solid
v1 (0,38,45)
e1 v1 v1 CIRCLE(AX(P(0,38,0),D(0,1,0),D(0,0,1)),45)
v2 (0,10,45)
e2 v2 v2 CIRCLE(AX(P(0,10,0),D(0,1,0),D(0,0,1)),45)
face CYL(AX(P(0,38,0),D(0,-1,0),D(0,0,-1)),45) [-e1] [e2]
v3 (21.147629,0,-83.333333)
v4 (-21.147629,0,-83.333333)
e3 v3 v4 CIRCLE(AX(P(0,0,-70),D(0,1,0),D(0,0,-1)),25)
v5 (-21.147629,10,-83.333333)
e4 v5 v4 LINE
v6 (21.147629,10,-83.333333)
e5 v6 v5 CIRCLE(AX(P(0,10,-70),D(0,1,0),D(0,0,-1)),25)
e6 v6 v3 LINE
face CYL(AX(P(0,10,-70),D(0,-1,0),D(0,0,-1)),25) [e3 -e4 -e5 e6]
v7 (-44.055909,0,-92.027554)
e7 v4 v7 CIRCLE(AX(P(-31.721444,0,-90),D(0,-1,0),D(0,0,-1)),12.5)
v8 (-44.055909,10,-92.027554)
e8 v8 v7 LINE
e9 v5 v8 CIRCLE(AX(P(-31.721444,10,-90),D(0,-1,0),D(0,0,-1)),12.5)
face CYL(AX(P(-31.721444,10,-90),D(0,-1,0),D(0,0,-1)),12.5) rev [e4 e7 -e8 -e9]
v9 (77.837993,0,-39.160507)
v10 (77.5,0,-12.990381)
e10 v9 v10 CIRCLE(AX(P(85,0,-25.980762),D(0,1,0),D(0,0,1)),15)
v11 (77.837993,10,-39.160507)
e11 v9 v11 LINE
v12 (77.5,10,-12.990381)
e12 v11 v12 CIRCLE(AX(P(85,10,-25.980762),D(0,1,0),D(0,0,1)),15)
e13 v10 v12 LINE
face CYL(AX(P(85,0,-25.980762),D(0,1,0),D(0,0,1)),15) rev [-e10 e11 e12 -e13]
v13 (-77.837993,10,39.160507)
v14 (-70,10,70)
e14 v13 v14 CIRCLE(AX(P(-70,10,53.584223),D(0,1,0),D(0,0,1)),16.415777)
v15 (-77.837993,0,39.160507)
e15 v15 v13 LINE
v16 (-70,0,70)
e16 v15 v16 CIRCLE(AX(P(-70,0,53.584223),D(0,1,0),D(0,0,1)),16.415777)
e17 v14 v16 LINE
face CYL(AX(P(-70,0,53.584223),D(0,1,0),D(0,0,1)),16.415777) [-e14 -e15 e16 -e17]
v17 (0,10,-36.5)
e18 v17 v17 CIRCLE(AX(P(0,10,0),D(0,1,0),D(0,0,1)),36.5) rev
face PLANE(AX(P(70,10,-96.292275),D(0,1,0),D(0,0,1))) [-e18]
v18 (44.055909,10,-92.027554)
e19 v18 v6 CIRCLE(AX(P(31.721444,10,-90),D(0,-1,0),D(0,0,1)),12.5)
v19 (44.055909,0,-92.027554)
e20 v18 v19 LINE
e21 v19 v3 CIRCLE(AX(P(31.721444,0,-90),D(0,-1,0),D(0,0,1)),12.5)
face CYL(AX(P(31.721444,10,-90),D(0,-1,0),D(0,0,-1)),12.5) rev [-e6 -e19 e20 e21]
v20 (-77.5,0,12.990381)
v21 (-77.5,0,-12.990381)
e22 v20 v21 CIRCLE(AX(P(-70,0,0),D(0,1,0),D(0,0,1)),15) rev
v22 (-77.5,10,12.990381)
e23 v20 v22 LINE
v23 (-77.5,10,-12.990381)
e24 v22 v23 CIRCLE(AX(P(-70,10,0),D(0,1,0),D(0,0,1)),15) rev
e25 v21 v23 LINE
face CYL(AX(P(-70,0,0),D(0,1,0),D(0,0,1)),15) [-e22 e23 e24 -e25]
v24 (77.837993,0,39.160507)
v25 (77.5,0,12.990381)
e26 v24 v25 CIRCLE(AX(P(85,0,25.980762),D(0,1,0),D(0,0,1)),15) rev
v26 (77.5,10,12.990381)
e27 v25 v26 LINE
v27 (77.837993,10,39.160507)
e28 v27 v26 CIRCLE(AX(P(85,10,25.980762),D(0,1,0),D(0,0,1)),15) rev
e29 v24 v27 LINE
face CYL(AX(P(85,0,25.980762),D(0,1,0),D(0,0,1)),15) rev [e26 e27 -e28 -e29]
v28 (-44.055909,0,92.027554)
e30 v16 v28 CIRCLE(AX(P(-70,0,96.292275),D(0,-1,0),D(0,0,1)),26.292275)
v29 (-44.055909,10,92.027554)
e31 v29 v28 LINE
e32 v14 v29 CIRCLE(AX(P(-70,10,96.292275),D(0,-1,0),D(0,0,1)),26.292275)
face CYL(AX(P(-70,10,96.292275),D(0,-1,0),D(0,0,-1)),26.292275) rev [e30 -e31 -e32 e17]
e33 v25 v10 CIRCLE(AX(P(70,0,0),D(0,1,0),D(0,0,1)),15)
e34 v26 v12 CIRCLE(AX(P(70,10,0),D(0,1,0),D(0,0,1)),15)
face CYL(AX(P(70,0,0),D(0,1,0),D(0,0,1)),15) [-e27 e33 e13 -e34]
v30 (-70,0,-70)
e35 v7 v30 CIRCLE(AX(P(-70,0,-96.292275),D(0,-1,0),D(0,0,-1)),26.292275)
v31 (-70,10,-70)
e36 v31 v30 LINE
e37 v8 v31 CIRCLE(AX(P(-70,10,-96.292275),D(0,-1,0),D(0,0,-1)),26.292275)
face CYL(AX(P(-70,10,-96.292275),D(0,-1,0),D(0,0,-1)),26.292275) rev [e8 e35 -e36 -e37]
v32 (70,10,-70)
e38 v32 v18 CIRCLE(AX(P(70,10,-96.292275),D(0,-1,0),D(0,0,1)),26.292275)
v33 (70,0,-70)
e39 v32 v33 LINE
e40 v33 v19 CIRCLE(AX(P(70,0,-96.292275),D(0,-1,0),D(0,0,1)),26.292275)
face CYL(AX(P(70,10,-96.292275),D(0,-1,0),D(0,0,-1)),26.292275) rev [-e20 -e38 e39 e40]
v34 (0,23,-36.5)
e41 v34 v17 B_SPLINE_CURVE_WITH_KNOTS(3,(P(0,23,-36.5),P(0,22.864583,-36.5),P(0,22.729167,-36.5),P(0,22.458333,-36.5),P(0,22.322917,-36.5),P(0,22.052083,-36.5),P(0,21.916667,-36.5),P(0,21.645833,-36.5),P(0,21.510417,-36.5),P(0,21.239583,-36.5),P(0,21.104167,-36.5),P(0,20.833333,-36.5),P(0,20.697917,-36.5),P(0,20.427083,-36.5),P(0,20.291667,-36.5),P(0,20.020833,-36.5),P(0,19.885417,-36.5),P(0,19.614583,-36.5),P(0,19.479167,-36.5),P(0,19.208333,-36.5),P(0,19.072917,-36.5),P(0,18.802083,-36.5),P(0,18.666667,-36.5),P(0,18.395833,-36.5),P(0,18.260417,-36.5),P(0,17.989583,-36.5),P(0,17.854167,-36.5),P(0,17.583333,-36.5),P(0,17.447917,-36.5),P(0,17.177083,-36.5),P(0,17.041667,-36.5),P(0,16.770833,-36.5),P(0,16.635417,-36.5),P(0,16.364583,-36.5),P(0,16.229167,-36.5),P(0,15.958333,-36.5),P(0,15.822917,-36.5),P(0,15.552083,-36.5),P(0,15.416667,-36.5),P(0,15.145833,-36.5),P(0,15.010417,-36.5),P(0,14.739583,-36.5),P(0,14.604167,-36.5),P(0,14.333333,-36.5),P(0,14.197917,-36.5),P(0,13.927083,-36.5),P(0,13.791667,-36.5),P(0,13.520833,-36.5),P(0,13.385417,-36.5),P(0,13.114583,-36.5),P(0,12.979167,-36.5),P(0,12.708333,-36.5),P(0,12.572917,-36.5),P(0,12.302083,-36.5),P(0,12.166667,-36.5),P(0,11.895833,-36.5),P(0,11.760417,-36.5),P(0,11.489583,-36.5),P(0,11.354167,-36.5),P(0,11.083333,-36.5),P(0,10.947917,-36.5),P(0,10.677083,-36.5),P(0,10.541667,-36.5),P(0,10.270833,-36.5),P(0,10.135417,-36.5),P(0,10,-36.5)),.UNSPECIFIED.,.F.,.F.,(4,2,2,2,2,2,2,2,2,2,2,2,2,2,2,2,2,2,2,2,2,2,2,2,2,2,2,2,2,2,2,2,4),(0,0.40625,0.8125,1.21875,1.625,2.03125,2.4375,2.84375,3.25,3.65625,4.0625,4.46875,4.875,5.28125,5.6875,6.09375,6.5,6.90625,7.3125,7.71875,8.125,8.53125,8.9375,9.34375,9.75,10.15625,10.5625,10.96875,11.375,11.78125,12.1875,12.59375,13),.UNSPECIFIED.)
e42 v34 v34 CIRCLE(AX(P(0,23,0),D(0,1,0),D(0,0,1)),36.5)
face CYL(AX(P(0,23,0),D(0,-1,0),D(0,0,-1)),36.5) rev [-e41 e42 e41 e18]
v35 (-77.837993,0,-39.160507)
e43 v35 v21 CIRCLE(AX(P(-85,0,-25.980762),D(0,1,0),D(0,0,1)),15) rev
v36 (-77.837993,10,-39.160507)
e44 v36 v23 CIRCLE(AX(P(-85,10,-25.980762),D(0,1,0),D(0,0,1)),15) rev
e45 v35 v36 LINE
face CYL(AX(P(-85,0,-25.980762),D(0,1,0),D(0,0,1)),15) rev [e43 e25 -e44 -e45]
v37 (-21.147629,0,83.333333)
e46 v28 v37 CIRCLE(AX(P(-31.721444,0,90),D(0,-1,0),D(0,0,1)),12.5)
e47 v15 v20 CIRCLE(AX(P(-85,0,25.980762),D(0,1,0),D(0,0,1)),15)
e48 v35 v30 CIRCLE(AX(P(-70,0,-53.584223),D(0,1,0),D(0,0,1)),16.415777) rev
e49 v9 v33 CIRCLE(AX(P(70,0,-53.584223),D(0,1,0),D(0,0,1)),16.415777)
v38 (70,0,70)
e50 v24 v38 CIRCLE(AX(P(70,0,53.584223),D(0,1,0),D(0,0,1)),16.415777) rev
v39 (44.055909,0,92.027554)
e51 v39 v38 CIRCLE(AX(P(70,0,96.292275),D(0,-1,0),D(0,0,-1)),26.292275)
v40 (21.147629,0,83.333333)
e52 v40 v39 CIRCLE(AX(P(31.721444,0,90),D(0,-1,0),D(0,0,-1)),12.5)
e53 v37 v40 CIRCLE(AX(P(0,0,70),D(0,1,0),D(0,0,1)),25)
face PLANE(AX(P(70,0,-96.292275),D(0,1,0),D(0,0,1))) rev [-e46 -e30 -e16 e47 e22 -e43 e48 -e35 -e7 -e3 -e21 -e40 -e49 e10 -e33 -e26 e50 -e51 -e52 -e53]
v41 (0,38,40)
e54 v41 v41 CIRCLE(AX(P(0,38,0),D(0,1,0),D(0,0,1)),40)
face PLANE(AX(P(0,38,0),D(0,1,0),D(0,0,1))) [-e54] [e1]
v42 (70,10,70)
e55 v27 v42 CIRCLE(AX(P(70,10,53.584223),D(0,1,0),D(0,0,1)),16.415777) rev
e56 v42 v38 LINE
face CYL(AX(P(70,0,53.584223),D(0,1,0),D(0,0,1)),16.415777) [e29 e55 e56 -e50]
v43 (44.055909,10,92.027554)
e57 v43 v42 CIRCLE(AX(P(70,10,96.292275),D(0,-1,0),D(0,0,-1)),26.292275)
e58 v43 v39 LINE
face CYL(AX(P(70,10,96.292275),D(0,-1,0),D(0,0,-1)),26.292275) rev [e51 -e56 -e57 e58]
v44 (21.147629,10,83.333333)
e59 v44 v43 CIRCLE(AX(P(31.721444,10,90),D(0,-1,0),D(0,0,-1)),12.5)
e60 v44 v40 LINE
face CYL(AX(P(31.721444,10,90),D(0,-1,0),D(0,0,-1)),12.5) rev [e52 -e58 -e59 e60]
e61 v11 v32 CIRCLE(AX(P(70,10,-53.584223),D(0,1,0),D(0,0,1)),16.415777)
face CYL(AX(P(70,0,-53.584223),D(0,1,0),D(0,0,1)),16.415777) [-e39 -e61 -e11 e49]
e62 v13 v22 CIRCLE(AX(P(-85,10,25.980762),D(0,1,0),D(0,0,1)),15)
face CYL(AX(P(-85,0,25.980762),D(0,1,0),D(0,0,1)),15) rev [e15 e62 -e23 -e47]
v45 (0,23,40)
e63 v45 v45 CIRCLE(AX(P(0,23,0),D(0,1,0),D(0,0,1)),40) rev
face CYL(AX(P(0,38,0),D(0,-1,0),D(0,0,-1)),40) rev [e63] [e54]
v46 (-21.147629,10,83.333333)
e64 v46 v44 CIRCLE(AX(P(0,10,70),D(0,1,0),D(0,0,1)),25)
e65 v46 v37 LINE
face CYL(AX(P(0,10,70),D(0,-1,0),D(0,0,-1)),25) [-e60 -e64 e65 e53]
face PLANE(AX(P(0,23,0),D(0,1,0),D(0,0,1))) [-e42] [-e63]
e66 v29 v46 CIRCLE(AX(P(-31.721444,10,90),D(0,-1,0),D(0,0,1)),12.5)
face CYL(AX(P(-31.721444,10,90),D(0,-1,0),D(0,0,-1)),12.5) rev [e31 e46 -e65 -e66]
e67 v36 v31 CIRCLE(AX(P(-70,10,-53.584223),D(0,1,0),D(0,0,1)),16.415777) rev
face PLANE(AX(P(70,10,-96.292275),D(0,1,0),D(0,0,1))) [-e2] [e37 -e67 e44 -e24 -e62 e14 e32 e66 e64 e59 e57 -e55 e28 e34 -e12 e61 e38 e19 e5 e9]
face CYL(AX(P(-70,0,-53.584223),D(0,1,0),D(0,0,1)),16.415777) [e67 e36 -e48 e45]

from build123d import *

# Parameters (mm, degrees)
SALIENTE_EXTRUIR1_DEPTH = 10
SALIENTE_EXTRUIR2_DEPTH = 10
CROQUIS3_R              = 40
CROQUIS3_R_2            = 36.5
SALIENTE_EXTRUIR3_DEPTH = 13
CROQUIS4_R              = 45
CROQUIS4_R_2            = 40
SALIENTE_EXTRUIR4_DEPTH = 28


with BuildPart() as part:
    # Croquis1 → Saliente-Extruir1 (new body)
    with BuildSketch(Plane(origin=(0, 0, 0), x_dir=(1, 0, 0), z_dir=(0, 1, 0))):
        with BuildLine():
            Line((-70, -70), (-70, 70))
            ThreePointArc((-70, 70), (-52.983030462, 76.249658661), (-44.055908755, 92.027554074))
            ThreePointArc((-44.055908755, 92.027554074), (-36.156795126, 78.313355526), (-21.147629234, 83.333333333))
            ThreePointArc((-21.147629234, 83.333333333), (0, 95), (21.147629234, 83.333333333))
            ThreePointArc((21.147629234, 83.333333333), (36.156795126, 78.313355526), (44.055908755, 92.027554074))
            ThreePointArc((44.055908755, 92.027554074), (52.983030462, 76.249658661), (70, 70))
            Line((70, 70), (70, -70))
            ThreePointArc((70, -70), (52.983030462, -76.249658661), (44.055908755, -92.027554074))
            ThreePointArc((44.055908755, -92.027554074), (36.156795126, -78.313355526), (21.147629234, -83.333333333))
            ThreePointArc((21.147629234, -83.333333333), (0, -95), (-21.147629234, -83.333333333))
            ThreePointArc((-21.147629234, -83.333333333), (-36.156795126, -78.313355526), (-44.055908755, -92.027554074))
            ThreePointArc((-44.055908755, -92.027554074), (-52.983030462, -76.249658661), (-70, -70))
        make_face()
    extrude(amount=SALIENTE_EXTRUIR1_DEPTH)

    # Croquis2 → Saliente-Extruir2 (add)
    with BuildSketch(Plane(origin=(0, 10, 0), x_dir=(1, 0, 0), z_dir=(0, 1, 0))):
        with BuildLine():
            Line((-70, 25.98076189), (-70, 70))
            ThreePointArc((-70, 70), (-85.909969357, 57.627811916), (-77.837993487, 39.160506523))
            ThreePointArc((-77.837993487, 39.160506523), (-72.107558403, 33.647896498), (-70, 25.98076189))
        make_face()
        with BuildLine():
            ThreePointArc((77.837993487, 39.160506523), (85.909969357, 57.627811916), (70, 70))
            Line((70, 70), (70, 25.98076213))
            ThreePointArc((70, 25.98076213), (72.107558465, 33.647896602), (77.837993487, 39.160506523))
        make_face()
        with BuildLine():
            ThreePointArc((77.5, 12.990381057), (72.009618939, 18.480762121), (70, 25.98076213))
            Line((70, 25.98076213), (70, -25.98076213))
            ThreePointArc((70, -25.98076213), (72.009618939, -18.480762121), (77.5, -12.990381057))
            ThreePointArc((77.5, -12.990381057), (85, 0), (77.5, 12.990381057))
        make_face()
        with BuildLine():
            Line((-70, -25.980762199), (-70, 25.98076189))
            ThreePointArc((-70, 25.98076189), (-72.009618999, 18.480762017), (-77.5, 12.990381057))
            ThreePointArc((-77.5, 12.990381057), (-85, 0), (-77.5, -12.990381057))
            ThreePointArc((-77.5, -12.990381057), (-72.009618922, -18.480762151), (-70, -25.980762199))
        make_face()
        with BuildLine():
            Line((-70, -70), (-70, -25.980762199))
            ThreePointArc((-70, -25.980762199), (-72.107558482, -33.647896631), (-77.837993487, -39.160506523))
            ThreePointArc((-77.837993487, -39.160506523), (-85.909969357, -57.627811916), (-70, -70))
        make_face()
        with BuildLine():
            ThreePointArc((77.837993487, -39.160506523), (72.107558465, -33.647896602), (70, -25.98076213))
            Line((70, -25.98076213), (70, -70))
            ThreePointArc((70, -70), (85.909969357, -57.627811916), (77.837993487, -39.160506523))
        make_face()
    extrude(amount=-SALIENTE_EXTRUIR2_DEPTH)

    # Croquis3 → Saliente-Extruir3 (add)
    with BuildSketch(Plane(origin=(0, 10, 0), x_dir=(1, 0, 0), z_dir=(0, 1, 0))):
        with Locations(Location((0, 0, 0), (0, 0, 90))):
            Circle(CROQUIS3_R)
        with Locations(Location((0, 0, 0), (0, 0, 90))):
            Circle(CROQUIS3_R_2, mode=Mode.SUBTRACT)
    extrude(amount=SALIENTE_EXTRUIR3_DEPTH)

    # Croquis4 → Saliente-Extruir4 (add)
    with BuildSketch(Plane(origin=(0, 10, 0), x_dir=(1, 0, 0), z_dir=(0, 1, 0))):
        with Locations(Location((0, 0, 0), (0, 0, 270))):
            Circle(CROQUIS4_R)
        with Locations(Location((0, 0, 0), (0, 0, 270))):
            Circle(CROQUIS4_R_2, mode=Mode.SUBTRACT)
    extrude(amount=SALIENTE_EXTRUIR4_DEPTH)


solid = part.part
